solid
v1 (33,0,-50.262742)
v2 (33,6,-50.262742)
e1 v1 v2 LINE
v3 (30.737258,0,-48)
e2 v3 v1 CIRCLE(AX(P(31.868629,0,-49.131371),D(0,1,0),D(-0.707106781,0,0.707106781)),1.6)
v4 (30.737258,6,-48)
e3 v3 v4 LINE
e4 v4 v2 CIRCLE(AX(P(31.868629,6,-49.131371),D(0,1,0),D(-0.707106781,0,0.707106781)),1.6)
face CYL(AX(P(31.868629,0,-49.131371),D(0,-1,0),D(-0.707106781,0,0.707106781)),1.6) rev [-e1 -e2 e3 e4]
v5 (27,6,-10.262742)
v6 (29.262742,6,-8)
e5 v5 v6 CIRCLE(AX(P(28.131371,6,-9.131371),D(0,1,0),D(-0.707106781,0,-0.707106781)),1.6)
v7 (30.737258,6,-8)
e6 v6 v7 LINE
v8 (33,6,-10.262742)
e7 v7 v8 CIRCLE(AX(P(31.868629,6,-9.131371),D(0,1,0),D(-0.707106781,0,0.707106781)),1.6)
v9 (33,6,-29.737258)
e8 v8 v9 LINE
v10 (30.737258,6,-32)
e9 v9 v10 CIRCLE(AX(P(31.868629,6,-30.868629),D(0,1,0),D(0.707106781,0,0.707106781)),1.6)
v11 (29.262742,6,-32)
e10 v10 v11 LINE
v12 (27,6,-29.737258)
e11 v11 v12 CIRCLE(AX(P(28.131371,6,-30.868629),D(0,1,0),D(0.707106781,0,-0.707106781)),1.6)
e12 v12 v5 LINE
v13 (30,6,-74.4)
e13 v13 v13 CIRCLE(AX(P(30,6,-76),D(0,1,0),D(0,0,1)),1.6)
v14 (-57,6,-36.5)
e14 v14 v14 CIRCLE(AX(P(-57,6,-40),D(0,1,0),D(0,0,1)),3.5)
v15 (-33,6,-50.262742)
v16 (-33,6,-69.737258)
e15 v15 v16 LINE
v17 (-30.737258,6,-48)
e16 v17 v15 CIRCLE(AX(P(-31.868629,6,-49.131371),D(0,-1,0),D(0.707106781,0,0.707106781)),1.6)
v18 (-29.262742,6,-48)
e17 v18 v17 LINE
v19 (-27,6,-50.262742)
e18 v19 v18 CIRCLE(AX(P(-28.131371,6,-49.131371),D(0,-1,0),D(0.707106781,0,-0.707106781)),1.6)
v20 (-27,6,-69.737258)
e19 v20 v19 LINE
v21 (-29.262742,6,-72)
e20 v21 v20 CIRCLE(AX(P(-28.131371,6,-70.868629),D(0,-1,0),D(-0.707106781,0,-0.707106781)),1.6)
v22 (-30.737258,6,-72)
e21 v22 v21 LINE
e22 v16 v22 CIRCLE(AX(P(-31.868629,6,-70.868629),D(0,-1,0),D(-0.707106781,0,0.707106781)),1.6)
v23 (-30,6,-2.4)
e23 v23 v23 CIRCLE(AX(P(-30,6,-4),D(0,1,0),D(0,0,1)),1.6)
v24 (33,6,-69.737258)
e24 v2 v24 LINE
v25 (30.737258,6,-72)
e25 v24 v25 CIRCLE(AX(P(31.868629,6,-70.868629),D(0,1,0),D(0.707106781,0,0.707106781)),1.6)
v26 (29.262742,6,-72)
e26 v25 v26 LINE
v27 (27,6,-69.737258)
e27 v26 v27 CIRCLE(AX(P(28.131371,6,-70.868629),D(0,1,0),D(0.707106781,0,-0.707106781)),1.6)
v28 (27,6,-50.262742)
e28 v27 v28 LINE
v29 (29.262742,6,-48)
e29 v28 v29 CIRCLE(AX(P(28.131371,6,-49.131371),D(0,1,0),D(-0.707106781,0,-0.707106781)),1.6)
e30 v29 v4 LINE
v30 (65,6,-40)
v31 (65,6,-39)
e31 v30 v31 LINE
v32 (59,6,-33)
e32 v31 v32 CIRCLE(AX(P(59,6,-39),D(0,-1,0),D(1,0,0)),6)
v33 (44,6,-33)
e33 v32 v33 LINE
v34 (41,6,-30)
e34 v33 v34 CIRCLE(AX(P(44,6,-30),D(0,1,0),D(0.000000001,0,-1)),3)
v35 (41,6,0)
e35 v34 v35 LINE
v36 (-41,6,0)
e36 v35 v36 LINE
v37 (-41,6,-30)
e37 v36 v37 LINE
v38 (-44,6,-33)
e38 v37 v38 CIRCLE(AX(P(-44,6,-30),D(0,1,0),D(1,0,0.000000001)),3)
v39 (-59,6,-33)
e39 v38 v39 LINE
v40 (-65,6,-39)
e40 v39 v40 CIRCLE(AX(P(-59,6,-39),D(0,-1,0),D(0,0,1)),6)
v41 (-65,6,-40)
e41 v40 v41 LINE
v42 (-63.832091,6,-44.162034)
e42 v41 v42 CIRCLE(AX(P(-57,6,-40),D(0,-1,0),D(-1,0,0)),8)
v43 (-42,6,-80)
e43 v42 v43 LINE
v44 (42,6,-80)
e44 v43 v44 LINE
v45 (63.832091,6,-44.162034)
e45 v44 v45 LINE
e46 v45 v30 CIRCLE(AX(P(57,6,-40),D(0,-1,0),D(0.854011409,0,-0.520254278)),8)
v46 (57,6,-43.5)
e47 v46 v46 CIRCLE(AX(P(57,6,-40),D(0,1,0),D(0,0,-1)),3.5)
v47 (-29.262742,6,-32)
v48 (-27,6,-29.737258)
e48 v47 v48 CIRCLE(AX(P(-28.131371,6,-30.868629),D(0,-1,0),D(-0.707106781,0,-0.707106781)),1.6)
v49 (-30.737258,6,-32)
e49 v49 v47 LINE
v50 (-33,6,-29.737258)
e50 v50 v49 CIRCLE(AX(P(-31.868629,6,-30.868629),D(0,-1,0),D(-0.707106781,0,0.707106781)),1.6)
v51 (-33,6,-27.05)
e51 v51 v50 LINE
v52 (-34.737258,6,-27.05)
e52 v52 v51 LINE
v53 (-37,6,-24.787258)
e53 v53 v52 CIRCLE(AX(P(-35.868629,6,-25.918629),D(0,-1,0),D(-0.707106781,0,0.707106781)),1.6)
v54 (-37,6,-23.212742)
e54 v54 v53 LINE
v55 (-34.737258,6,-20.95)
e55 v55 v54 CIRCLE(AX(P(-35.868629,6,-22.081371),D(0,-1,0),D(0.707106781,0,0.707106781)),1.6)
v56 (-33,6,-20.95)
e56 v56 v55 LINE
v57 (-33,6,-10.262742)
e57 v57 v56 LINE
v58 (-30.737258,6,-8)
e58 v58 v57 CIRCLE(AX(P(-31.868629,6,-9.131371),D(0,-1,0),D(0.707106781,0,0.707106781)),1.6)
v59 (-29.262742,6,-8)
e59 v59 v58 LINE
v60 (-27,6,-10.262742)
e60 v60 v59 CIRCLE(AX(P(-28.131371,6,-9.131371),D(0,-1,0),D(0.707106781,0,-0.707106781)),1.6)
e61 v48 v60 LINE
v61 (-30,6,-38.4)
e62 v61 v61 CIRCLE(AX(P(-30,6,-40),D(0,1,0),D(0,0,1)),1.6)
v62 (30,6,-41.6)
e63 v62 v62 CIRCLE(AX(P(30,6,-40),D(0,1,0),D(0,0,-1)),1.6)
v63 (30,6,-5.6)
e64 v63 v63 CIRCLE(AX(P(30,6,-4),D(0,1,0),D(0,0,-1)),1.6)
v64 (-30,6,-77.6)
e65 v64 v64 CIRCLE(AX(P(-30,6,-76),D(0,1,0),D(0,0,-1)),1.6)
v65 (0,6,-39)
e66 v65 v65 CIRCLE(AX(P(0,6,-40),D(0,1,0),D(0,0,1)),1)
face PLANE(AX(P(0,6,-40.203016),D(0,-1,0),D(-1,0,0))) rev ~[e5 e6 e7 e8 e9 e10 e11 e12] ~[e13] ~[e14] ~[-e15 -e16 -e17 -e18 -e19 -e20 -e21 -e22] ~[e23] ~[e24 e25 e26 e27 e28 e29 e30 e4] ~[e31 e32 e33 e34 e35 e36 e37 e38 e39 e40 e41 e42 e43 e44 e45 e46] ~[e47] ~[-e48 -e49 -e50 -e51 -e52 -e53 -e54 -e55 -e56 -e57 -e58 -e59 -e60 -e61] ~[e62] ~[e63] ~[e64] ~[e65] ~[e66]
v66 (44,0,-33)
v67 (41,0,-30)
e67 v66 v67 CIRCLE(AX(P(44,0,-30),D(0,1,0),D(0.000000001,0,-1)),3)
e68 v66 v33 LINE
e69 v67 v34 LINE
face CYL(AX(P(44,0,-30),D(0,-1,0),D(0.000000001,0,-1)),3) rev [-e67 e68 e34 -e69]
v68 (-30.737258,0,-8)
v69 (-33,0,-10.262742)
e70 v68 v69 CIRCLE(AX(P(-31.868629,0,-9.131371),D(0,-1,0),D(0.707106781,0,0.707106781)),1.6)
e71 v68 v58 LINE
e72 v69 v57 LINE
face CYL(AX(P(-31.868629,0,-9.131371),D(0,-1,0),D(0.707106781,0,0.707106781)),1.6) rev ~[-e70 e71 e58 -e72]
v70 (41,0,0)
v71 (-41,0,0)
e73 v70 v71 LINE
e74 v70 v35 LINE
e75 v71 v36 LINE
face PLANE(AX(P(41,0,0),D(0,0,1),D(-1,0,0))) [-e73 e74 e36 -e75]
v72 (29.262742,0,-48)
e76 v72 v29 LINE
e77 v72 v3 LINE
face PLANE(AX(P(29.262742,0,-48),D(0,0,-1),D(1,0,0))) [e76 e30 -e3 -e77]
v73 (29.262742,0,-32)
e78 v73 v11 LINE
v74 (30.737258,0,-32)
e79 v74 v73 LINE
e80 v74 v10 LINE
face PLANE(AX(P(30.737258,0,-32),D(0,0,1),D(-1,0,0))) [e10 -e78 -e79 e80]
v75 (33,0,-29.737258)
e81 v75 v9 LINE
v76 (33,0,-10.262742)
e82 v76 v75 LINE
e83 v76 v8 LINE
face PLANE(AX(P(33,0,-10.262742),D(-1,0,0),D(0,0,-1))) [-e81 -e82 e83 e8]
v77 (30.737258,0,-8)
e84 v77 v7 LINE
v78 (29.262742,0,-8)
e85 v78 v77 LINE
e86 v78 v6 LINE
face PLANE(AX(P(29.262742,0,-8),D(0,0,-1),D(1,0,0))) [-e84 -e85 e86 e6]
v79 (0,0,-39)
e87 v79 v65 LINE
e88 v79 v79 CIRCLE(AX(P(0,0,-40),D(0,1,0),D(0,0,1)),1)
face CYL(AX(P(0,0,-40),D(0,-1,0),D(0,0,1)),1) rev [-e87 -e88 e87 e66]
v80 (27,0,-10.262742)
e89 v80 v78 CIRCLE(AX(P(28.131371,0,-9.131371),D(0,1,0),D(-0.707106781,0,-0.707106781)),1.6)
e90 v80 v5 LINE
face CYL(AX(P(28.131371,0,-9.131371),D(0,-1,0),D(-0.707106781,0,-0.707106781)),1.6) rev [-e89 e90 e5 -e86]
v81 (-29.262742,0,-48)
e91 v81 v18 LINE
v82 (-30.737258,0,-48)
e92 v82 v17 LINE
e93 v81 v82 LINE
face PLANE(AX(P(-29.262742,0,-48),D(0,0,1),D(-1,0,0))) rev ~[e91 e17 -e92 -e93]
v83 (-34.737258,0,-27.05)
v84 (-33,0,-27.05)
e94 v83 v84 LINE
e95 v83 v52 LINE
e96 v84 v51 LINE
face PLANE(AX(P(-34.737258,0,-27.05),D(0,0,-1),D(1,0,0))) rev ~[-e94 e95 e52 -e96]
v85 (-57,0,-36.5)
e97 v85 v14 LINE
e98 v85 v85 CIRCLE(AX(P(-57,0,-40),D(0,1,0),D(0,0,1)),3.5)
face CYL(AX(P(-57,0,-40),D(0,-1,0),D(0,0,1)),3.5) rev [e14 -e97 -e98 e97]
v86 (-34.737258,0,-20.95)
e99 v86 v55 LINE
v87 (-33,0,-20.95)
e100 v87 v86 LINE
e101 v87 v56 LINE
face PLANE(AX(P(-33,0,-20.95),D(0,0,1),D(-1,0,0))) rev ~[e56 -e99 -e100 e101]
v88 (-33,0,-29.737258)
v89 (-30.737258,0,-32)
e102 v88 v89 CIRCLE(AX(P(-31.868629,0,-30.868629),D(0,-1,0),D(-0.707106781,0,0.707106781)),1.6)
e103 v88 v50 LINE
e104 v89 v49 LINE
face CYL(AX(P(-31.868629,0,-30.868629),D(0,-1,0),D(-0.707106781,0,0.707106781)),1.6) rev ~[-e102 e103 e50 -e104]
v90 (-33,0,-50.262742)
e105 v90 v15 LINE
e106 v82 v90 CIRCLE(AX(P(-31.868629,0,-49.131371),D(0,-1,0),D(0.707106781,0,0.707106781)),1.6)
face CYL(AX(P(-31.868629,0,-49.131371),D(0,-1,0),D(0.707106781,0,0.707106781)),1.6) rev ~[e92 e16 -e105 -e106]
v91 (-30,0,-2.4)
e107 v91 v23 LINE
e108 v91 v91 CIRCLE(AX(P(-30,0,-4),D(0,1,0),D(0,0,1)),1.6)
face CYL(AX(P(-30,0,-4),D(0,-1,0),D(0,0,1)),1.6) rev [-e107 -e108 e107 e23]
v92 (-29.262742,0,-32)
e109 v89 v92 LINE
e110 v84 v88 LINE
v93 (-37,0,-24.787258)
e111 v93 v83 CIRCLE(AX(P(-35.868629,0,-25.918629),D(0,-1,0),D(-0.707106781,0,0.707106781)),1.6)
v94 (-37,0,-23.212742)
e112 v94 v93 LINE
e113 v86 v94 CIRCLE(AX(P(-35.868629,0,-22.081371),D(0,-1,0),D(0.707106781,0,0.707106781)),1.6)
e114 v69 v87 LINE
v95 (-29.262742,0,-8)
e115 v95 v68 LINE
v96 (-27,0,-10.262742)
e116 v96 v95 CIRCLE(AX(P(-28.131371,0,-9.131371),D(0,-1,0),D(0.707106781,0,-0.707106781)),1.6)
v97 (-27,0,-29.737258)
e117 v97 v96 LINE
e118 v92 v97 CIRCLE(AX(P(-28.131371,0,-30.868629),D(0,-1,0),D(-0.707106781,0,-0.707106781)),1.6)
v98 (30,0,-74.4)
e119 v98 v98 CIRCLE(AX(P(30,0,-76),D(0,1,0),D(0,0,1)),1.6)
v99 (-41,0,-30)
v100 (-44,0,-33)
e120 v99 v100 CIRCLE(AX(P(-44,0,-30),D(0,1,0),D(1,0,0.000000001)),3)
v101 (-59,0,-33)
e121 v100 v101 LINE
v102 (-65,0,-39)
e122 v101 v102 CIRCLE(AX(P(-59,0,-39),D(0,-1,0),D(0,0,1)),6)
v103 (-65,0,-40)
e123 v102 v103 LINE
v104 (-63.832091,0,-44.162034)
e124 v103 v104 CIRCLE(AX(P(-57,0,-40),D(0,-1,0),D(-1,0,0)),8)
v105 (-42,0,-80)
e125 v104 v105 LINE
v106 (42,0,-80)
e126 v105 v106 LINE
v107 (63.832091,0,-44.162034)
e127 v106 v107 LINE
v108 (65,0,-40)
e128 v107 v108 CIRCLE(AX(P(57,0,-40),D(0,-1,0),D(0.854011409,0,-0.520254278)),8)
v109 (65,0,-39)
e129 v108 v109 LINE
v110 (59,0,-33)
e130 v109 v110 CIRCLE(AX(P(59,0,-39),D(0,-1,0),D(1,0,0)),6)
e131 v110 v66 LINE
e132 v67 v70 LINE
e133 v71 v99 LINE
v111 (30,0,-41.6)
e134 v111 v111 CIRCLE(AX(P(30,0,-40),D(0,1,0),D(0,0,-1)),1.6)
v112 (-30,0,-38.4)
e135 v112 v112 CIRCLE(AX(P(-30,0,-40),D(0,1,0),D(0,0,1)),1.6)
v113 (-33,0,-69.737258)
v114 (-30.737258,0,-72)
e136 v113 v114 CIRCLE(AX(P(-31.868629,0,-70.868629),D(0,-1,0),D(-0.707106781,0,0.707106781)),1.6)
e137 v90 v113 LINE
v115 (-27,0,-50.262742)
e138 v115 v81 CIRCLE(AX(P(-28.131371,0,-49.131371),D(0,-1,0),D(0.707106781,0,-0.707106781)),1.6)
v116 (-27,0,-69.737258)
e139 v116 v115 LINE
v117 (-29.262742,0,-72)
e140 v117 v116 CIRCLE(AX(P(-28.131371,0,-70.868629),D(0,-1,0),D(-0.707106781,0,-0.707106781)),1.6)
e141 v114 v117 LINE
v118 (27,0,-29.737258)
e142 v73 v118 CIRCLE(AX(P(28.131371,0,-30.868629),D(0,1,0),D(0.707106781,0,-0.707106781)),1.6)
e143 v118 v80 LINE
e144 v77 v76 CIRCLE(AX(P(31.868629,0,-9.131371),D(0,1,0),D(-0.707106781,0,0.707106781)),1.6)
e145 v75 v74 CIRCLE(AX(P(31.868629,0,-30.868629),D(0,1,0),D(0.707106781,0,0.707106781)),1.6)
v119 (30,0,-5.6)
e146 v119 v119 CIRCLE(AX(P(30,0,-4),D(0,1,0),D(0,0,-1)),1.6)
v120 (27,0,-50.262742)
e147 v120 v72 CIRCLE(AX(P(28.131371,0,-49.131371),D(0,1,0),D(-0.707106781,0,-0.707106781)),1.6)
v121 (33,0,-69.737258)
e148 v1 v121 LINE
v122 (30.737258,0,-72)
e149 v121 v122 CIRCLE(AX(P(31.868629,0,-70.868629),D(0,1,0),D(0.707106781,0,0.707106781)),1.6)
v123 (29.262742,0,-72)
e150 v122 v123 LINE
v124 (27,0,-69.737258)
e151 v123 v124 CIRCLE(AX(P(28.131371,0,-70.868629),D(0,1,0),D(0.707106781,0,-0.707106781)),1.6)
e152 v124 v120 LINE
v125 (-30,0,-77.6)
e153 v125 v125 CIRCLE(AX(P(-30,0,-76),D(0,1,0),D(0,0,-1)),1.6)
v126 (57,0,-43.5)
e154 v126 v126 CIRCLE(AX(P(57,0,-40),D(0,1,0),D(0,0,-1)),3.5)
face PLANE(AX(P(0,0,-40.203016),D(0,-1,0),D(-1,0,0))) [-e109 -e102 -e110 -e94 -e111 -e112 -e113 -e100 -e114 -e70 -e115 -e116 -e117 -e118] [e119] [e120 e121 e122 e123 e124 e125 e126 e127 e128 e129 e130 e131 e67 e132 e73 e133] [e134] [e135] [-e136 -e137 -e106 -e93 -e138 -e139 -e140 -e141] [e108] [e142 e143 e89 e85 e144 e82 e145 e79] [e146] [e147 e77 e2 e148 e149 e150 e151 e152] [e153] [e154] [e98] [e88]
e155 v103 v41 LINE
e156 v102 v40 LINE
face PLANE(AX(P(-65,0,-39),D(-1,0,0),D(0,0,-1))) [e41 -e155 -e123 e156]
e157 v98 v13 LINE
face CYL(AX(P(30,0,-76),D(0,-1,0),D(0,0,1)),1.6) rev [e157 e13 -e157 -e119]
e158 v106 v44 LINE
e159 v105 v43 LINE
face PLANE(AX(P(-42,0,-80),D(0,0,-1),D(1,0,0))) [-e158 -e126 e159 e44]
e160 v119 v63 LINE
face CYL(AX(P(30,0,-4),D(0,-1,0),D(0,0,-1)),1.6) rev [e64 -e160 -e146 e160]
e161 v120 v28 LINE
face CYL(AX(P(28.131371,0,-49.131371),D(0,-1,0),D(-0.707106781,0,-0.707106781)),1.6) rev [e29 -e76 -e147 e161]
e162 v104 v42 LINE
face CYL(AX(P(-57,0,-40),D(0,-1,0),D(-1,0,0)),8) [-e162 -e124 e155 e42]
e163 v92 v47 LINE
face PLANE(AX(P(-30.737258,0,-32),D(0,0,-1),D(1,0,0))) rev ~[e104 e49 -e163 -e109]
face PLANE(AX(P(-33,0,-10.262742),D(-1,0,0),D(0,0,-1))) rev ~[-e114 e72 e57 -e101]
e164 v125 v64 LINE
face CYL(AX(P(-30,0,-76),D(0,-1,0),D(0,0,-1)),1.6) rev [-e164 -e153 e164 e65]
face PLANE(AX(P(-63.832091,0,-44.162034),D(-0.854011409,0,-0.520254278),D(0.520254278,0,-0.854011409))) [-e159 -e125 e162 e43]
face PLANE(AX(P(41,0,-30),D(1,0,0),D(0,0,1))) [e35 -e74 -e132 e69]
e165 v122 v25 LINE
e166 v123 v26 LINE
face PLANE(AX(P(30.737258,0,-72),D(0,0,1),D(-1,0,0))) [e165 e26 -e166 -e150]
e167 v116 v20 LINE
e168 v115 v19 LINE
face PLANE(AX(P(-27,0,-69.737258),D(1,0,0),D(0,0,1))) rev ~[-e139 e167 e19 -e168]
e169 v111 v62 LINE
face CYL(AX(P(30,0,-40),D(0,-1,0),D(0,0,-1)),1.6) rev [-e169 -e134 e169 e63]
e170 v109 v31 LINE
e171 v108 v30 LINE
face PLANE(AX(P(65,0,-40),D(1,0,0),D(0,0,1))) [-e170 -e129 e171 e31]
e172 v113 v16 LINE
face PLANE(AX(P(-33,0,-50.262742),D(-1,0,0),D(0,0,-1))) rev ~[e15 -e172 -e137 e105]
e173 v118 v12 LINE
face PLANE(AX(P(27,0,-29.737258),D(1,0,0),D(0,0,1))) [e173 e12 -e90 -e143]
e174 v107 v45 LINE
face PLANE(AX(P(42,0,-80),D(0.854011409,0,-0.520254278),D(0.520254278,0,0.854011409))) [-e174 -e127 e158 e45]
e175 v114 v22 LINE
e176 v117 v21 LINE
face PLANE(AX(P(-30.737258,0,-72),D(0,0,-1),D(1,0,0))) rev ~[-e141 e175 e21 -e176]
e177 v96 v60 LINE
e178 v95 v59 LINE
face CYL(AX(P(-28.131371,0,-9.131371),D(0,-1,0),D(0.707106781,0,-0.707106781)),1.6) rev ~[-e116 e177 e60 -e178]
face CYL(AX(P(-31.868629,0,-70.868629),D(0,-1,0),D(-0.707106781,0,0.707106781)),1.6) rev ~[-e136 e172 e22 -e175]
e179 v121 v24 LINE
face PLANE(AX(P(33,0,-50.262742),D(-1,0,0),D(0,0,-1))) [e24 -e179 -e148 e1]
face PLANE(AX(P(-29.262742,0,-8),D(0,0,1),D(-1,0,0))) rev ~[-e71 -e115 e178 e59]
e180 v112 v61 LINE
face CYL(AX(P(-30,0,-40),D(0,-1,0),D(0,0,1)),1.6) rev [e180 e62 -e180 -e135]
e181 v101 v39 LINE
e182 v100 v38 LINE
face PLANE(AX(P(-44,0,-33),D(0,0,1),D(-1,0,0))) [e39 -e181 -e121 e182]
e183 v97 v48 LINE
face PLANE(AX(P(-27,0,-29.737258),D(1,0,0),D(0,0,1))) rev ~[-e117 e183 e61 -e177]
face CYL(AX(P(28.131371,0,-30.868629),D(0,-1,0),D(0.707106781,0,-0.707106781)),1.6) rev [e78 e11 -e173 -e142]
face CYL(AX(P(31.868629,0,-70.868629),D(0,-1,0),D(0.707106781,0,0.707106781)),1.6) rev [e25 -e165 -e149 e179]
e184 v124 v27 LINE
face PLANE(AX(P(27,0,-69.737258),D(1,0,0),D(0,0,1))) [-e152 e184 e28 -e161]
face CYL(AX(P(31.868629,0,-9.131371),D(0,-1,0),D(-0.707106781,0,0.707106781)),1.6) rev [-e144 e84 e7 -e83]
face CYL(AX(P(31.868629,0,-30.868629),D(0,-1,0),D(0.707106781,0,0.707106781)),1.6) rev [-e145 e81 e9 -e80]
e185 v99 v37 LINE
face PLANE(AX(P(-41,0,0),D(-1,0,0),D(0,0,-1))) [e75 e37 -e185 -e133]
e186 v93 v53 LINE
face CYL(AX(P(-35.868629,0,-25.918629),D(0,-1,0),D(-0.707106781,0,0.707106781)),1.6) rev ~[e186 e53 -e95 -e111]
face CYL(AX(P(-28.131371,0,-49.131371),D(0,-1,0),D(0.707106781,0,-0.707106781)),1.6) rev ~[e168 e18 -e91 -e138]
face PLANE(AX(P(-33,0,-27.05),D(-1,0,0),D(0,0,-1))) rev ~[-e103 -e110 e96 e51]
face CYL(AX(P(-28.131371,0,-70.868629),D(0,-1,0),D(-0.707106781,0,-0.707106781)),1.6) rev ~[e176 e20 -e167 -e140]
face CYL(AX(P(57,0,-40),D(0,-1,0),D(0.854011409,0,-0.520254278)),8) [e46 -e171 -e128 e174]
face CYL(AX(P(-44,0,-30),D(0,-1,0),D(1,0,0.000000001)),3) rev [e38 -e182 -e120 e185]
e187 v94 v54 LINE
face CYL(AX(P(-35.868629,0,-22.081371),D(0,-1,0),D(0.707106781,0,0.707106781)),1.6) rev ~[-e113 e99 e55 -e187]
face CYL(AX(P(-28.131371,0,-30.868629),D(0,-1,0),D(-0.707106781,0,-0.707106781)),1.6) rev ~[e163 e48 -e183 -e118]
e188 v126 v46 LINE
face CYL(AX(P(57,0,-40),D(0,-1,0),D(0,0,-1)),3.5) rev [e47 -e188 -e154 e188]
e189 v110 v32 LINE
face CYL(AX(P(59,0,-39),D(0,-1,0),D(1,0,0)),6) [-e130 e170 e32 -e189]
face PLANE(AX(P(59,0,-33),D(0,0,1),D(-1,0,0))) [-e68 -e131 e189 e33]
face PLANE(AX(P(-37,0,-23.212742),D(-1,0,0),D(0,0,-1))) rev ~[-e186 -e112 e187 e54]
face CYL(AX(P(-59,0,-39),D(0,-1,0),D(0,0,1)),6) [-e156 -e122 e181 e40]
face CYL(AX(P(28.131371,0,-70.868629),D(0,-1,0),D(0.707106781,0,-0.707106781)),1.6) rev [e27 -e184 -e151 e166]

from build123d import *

# Parameters (mm, degrees)
ESQUISSE1_R      = 1.6
ESQUISSE1_R_2    = 3.5
ESQUISSE1_R_3    = 1
EXTRUSION1_DEPTH = 6


with BuildPart() as part:
    # Esquisse1 → Extrusion1 (new body)
    with BuildSketch(Plane(origin=(0, 0, 0), x_dir=(1, 0, 0), z_dir=(0, 1, 0))):
        with BuildLine():
            Line((42, 80), (63.832091269, 44.162034226))
            ThreePointArc((63.832091269, 44.162034226), (64.702490836, 42.161396522), (65, 40))
            Line((65, 40), (65, 39))
            ThreePointArc((65, 39), (63.242640687, 34.757359313), (59, 33))
            Line((59, 33), (44, 33))
            ThreePointArc((44, 33), (41.878679656, 32.121320344), (41, 30))
            Line((41, 30), (41, 0))
            Line((41, 0), (-41, 0))
            Line((-41, 0), (-41, 30))
            ThreePointArc((-41, 30), (-41.878679656, 32.121320344), (-44, 33))
            Line((-44, 33), (-59, 33))
            ThreePointArc((-59, 33), (-63.242640687, 34.757359313), (-65, 39))
            Line((-65, 39), (-65, 40))
            ThreePointArc((-65, 40), (-64.702490836, 42.161396522), (-63.832091269, 44.162034226))
            Line((-63.832091269, 44.162034226), (-42, 80))
            Line((-42, 80), (42, 80))
        make_face()
        with Locations(Location((-30, 4, 0), (0, 0, 270))):  # turned: the seam where the file's is
            Circle(ESQUISSE1_R, mode=Mode.SUBTRACT)
        with Locations(Location((-30, 76, 0), (0, 0, 90))):  # turned: the seam where the file's is
            Circle(ESQUISSE1_R, mode=Mode.SUBTRACT)
        with Locations(Location((-30, 40, 0), (0, 0, 270))):  # turned: the seam where the file's is
            Circle(ESQUISSE1_R, mode=Mode.SUBTRACT)
        with Locations(Location((57, 40, 0), (0, 0, 90))):  # turned: the seam where the file's is
            Circle(ESQUISSE1_R_2, mode=Mode.SUBTRACT)
        with Locations(Location((30, 4, 0), (0, 0, 90))):  # turned: the seam where the file's is
            Circle(ESQUISSE1_R, mode=Mode.SUBTRACT)
        with Locations(Location((30, 40, 0), (0, 0, 90))):  # turned: the seam where the file's is
            Circle(ESQUISSE1_R, mode=Mode.SUBTRACT)
        with Locations(Location((-57, 40, 0), (0, 0, 270))):  # turned: the seam where the file's is
            Circle(ESQUISSE1_R_2, mode=Mode.SUBTRACT)
        with Locations(Location((30, 76, 0), (0, 0, 270))):  # turned: the seam where the file's is
            Circle(ESQUISSE1_R, mode=Mode.SUBTRACT)
        with Locations(Location((0, 40, 0), (0, 0, 270))):  # turned: the seam where the file's is
            Circle(ESQUISSE1_R_3, mode=Mode.SUBTRACT)
        with BuildLine():
            Line((-33, 50.2627417), (-33, 69.7372583))
            ThreePointArc((-33, 69.7372583), (-33, 72), (-30.7372583, 72))
            Line((-30.7372583, 72), (-29.2627417, 72))
            ThreePointArc((-29.2627417, 72), (-27, 72), (-27, 69.7372583))
            Line((-27, 69.7372583), (-27, 50.2627417))
            ThreePointArc((-27, 50.2627417), (-27, 48), (-29.2627417, 48))
            Line((-29.2627417, 48), (-30.7372583, 48))
            ThreePointArc((-30.7372583, 48), (-33, 48), (-33, 50.2627417))
        make_face(mode=Mode.SUBTRACT)
        with BuildLine():
            Line((-30.7372583, 32), (-29.2627417, 32))
            ThreePointArc((-29.2627417, 32), (-27, 32), (-27, 29.7372583))
            Line((-27, 29.7372583), (-27, 10.2627417))
            ThreePointArc((-27, 10.2627417), (-27, 8), (-29.2627417, 8))
            Line((-29.2627417, 8), (-30.7372583, 8))
            ThreePointArc((-30.7372583, 8), (-33, 8), (-33, 10.2627417))
            Line((-33, 10.2627417), (-33, 20.95))
            Line((-33, 20.95), (-34.7372583, 20.95))
            ThreePointArc((-34.7372583, 20.95), (-37, 20.95), (-37, 23.2127417))
            Line((-37, 23.2127417), (-37, 24.7872583))
            ThreePointArc((-37, 24.7872583), (-37, 27.05), (-34.7372583, 27.05))
            Line((-34.7372583, 27.05), (-33, 27.05))
            Line((-33, 27.05), (-33, 29.7372583))
            ThreePointArc((-33, 29.7372583), (-33, 32), (-30.7372583, 32))
        make_face(mode=Mode.SUBTRACT)
        with BuildLine():
            Line((30.7372583, 72), (29.2627417, 72))
            ThreePointArc((29.2627417, 72), (27, 72), (27, 69.7372583))
            Line((27, 69.7372583), (27, 50.2627417))
            ThreePointArc((27, 50.2627417), (27, 48), (29.2627417, 48))
            Line((29.2627417, 48), (30.7372583, 48))
            ThreePointArc((30.7372583, 48), (33, 48), (33, 50.2627417))
            Line((33, 50.2627417), (33, 69.7372583))
            ThreePointArc((33, 69.7372583), (33, 72), (30.7372583, 72))
        make_face(mode=Mode.SUBTRACT)
        with BuildLine():
            Line((27, 29.7372583), (27, 10.2627417))
            ThreePointArc((27, 10.2627417), (27, 8), (29.2627417, 8))
            Line((29.2627417, 8), (30.7372583, 8))
            ThreePointArc((30.7372583, 8), (33, 8), (33, 10.2627417))
            Line((33, 10.2627417), (33, 29.7372583))
            ThreePointArc((33, 29.7372583), (33, 32), (30.7372583, 32))
            Line((30.7372583, 32), (29.2627417, 32))
            ThreePointArc((29.2627417, 32), (27, 32), (27, 29.7372583))
        make_face(mode=Mode.SUBTRACT)
    extrude(amount=EXTRUSION1_DEPTH)


solid = part.part
